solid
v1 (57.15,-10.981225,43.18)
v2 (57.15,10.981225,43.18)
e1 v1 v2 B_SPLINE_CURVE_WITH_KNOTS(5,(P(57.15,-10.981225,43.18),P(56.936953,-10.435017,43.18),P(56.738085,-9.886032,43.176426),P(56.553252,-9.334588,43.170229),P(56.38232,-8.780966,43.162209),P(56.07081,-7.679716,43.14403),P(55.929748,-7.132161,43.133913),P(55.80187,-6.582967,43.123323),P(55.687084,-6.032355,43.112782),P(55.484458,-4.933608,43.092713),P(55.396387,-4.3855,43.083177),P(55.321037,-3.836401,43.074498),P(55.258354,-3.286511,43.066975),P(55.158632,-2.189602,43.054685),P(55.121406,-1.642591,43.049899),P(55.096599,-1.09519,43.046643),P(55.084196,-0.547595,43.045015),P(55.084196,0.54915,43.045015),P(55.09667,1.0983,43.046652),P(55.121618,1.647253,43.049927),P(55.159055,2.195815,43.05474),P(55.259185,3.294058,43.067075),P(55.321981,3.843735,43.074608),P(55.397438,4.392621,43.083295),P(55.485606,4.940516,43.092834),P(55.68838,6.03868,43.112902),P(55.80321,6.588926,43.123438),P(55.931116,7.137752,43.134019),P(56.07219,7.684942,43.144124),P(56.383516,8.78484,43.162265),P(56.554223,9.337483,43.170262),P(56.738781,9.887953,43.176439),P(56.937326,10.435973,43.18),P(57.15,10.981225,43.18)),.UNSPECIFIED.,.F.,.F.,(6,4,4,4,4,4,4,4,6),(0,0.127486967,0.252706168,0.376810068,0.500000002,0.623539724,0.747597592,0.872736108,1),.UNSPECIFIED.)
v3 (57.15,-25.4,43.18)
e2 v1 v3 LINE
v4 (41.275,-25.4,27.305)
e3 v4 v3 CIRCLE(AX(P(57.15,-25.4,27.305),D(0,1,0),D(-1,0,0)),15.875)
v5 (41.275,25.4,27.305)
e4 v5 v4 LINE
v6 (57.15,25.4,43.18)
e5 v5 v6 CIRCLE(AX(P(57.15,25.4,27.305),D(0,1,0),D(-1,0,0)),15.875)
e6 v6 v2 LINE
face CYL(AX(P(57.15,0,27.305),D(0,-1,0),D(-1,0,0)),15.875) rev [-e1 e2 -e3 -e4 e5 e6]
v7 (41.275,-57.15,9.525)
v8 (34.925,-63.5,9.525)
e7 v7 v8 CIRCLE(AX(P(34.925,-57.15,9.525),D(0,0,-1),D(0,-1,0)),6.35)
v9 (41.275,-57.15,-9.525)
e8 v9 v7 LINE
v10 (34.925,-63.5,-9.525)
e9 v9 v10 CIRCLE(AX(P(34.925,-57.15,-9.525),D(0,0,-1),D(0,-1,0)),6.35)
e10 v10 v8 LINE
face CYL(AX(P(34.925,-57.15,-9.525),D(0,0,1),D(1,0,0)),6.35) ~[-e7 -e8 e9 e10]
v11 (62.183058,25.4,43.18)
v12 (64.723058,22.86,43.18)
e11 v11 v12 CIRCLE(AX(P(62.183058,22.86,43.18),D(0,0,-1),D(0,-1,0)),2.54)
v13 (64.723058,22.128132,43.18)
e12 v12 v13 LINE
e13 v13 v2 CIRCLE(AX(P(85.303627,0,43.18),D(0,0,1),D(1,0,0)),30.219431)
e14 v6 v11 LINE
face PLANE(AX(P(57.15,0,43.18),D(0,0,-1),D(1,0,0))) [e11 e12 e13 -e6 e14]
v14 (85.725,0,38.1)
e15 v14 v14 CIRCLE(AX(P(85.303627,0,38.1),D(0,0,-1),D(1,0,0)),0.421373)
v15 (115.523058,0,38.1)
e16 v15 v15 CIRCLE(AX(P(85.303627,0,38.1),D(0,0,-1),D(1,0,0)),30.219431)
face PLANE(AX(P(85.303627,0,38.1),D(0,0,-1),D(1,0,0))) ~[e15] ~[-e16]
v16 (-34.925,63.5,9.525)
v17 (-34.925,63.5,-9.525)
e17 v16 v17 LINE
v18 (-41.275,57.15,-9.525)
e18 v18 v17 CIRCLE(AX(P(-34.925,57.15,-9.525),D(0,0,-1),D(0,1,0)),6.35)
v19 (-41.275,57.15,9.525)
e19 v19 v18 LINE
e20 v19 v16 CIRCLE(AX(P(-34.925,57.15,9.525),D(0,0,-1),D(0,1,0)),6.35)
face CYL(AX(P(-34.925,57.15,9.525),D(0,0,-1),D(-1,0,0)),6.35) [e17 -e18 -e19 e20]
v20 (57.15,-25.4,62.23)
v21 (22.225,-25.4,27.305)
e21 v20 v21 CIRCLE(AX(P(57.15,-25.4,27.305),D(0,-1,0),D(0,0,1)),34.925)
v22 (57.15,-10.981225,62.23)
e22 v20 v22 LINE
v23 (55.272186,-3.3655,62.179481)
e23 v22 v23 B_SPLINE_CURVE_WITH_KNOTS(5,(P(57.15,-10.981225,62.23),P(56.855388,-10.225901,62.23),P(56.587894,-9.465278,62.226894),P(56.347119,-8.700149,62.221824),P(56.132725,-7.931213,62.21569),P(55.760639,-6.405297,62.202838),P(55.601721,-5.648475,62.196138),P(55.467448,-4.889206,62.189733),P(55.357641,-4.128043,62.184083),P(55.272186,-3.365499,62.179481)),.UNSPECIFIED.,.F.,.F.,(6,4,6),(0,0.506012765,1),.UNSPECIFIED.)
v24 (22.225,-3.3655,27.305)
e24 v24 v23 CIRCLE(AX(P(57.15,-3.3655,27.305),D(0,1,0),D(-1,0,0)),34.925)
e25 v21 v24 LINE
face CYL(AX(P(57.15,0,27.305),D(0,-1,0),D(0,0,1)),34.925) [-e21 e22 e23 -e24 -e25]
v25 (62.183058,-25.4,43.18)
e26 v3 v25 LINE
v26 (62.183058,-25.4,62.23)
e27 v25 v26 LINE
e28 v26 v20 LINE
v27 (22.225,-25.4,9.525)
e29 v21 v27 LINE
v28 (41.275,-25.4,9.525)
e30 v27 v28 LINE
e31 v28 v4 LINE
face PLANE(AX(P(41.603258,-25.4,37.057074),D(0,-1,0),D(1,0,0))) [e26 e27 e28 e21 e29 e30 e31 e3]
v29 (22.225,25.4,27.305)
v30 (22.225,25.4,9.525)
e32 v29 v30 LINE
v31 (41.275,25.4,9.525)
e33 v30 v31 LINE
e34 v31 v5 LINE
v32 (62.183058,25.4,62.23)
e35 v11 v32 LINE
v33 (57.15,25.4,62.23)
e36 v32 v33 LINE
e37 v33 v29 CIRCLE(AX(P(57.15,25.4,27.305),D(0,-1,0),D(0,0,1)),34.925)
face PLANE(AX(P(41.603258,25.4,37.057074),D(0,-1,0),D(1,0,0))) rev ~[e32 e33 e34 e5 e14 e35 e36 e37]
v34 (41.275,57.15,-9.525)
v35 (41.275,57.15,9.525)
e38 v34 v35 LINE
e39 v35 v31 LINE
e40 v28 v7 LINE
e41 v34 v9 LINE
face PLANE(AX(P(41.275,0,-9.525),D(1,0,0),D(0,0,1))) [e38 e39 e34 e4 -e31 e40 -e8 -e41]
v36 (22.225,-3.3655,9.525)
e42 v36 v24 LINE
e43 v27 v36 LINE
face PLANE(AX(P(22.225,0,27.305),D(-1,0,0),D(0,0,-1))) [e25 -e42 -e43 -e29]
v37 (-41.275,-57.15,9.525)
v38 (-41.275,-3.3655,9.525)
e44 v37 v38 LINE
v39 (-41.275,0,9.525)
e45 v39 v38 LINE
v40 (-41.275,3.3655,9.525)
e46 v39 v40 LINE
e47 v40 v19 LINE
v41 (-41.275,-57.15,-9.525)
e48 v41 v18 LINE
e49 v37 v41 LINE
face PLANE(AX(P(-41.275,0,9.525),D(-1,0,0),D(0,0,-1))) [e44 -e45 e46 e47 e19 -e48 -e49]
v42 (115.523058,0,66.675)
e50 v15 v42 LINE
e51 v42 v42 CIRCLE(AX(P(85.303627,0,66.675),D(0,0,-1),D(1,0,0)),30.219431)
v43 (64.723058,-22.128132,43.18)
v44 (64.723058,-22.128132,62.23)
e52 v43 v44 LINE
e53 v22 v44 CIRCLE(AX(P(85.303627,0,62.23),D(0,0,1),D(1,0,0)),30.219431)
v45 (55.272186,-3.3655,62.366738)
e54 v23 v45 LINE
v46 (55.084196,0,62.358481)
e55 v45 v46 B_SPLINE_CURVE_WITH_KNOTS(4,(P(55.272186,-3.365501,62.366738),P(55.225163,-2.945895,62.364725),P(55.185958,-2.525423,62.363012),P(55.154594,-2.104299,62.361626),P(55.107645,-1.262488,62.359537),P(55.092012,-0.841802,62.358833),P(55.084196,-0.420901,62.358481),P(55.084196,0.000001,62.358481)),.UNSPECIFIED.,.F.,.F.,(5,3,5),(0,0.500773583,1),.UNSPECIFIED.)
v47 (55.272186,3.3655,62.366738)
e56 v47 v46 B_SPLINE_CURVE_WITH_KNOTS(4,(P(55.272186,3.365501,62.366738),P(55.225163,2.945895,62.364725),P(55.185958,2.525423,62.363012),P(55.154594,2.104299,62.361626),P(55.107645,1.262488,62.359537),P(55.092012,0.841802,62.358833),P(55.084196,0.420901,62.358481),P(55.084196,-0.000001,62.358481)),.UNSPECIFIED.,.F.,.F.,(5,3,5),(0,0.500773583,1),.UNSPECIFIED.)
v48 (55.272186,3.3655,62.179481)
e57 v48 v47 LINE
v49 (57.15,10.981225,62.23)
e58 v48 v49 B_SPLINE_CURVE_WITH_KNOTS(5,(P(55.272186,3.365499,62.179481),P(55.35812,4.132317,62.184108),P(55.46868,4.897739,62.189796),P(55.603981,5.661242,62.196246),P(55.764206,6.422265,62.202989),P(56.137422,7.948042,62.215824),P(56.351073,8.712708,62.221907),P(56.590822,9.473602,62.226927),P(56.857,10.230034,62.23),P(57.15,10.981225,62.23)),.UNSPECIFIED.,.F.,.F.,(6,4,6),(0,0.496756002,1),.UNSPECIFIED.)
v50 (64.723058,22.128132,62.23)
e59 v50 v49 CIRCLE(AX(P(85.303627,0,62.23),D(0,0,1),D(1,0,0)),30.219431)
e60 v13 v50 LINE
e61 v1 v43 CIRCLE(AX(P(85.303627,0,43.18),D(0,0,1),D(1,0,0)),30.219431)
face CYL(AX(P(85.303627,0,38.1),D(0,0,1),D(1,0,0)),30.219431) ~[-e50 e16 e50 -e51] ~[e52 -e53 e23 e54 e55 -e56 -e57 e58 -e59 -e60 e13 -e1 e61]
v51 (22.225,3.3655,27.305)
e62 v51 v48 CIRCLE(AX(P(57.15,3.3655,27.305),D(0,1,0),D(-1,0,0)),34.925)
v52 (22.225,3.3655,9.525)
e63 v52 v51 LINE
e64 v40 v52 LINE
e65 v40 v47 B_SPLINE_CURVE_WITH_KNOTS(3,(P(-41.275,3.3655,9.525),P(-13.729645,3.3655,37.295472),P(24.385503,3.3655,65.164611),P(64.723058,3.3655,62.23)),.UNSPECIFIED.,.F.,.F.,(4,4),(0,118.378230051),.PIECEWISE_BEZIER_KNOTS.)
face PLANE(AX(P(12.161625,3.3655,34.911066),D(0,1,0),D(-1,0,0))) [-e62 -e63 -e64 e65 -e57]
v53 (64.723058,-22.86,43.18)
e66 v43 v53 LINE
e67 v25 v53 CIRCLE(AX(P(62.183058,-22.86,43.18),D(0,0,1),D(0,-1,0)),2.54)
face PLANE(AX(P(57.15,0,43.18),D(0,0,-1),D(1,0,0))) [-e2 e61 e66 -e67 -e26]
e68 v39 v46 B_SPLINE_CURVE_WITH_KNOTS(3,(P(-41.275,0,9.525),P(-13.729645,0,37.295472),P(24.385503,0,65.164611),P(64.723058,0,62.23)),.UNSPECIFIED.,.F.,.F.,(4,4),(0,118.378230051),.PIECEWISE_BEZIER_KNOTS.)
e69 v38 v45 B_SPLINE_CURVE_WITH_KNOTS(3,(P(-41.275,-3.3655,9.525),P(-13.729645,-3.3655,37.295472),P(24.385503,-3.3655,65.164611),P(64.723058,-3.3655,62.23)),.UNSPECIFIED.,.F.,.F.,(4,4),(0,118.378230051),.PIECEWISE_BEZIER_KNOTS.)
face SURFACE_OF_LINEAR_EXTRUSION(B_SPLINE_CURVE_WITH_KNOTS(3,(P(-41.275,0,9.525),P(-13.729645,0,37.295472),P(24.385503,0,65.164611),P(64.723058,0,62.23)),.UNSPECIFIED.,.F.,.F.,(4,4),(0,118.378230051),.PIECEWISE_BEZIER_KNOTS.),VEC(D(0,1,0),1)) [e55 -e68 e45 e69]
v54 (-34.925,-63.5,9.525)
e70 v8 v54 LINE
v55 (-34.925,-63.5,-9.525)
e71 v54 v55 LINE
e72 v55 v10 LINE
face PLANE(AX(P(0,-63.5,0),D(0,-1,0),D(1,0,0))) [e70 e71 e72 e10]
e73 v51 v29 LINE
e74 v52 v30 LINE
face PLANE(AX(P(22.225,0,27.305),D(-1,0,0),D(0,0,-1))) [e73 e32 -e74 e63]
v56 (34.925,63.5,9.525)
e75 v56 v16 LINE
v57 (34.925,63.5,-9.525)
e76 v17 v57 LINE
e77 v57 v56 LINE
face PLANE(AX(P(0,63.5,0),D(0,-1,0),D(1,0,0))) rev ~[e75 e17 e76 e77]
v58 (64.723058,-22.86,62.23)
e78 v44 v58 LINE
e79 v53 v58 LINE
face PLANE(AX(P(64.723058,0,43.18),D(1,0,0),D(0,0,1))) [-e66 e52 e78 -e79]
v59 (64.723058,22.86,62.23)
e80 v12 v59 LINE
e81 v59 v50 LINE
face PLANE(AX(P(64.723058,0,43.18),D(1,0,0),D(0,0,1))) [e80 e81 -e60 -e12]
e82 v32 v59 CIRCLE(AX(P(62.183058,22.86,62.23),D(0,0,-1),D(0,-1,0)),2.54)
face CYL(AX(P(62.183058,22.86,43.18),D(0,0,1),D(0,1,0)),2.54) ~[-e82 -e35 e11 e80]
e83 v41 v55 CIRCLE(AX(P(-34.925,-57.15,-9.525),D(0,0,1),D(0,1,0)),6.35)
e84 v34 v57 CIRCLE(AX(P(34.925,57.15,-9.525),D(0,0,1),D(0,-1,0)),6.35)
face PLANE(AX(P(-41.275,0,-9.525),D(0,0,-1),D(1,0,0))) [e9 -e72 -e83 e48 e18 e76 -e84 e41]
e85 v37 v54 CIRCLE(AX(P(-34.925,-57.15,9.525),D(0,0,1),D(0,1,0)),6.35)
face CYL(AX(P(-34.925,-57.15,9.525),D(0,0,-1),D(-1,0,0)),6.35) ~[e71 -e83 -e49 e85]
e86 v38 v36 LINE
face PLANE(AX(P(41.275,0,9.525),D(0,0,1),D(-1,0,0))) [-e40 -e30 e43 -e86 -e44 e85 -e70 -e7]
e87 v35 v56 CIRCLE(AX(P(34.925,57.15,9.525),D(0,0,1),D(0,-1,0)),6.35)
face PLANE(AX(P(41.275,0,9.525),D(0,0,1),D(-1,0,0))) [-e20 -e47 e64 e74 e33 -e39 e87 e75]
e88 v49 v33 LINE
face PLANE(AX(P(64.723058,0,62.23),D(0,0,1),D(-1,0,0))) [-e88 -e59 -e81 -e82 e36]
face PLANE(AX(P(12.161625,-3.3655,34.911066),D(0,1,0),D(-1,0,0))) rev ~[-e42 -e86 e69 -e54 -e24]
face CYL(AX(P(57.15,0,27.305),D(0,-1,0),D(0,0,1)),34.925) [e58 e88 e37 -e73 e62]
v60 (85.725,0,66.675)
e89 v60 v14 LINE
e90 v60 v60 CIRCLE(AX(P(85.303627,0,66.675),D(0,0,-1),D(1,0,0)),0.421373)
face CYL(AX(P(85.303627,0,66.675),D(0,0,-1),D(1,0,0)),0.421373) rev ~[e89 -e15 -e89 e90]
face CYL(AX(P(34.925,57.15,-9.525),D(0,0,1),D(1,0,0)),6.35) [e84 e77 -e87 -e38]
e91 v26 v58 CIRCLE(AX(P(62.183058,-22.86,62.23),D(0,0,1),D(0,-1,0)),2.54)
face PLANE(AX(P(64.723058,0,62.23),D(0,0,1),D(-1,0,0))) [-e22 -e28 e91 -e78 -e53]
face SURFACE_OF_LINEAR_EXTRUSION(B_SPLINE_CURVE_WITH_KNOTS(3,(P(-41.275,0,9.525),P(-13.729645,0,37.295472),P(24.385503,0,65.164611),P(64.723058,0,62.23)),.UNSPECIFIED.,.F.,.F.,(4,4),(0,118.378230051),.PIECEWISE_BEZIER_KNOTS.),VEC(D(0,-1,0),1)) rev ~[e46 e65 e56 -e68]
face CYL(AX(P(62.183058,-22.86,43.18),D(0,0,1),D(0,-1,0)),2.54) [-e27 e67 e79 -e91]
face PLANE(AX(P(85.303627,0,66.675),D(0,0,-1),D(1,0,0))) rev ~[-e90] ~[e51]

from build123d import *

# Parameters (mm, degrees)
F1_DEPTH = 63.5
F2_DEPTH = 25.4
F3_DEPTH = 3.3655
F6_R     = 6.35
F7_R     = 2.54
F8_R     = 2.54


with BuildPart() as f1:
    # F0 (on Front) → F1 (new body, symmetric)
    with BuildSketch(Plane.XZ):
        Polygon((-41.275, -9.525), (41.275, -9.525), (41.275, 9.525), (22.225, 9.525), (-41.275, 9.525), align=None)
    extrude(amount=F1_DEPTH, both=True)

    # F0 (on Front) → F2 (join, symmetric)
    with BuildSketch(Plane.XZ):
        with BuildLine():
            Line((22.225, 9.525), (41.275, 9.525))
            Line((41.275, 9.525), (41.275, 27.305))
            ThreePointArc((41.275, 27.305), (45.9246798487, 38.5303201513), (57.15, 43.18))
            Line((57.15, 43.18), (64.7230581194, 43.18))
            Line((64.7230581194, 43.18), (64.7230581194, 62.23))
            Line((64.7230581194, 62.23), (57.15, 62.23))
            ThreePointArc((57.15, 62.23), (32.4542956671, 52.0007043329), (22.225, 27.305))
            Line((22.225, 27.305), (22.225, 9.525))
        make_face()
    extrude(amount=F2_DEPTH, both=True)

    # F0 (on Front) → F3 (join, symmetric)
    with BuildSketch(Plane.XZ):
        with BuildLine():
            add(Edge.make_bspline(
                [(-41.275, 9.525), (-13.7296449393, 37.2954718769), (24.3855025619, 65.1646107435), (64.7230581194, 62.23)],
                knots=[0, 0, 0, 0, 118.3782300514, 118.3782300514, 118.3782300514, 118.3782300514], degree=3))
            Line((-41.275, 9.525), (22.225, 9.525))
            Line((22.225, 9.525), (22.225, 27.305))
            ThreePointArc((22.225, 27.305), (32.4542956671, 52.0007043329), (57.15, 62.23))
            Line((57.15, 62.23), (64.7230581194, 62.23))
        make_face()
    extrude(amount=F3_DEPTH, both=True)

    # F0 (on Front) → F5 (revolve)
    with BuildSketch(Plane.XZ):
        Polygon((85.725, 66.675), (85.725, 62.23), (85.725, 43.18), (85.725, 38.1), (115.5230581194, 38.1), (115.5230581194, 66.675), align=None)
    revolve(axis=Axis((85.3036269546, 0, 52.5564104319), (0, 0, -1)))

    # F6
    f6_edges = [f1.edges().sort_by_distance(p)[0] for p in [
        (-41.275, -63.5, 0),
        (41.275, -63.5, 0),
        (41.275, 63.5, 0),
        (-41.275, 63.5, 0),
    ]]
    fillet(f6_edges, radius=F6_R)

    # F7
    f7_edges = [f1.edges().sort_by_distance(p)[0] for p in [
        (64.723058, -25.4, 52.705),
    ]]
    fillet(f7_edges, radius=F7_R)

    # F8
    f8_edges = [f1.edges().sort_by_distance(p)[0] for p in [
        (64.723058, 25.4, 52.705),
    ]]
    fillet(f8_edges, radius=F8_R)


solid = f1.part
